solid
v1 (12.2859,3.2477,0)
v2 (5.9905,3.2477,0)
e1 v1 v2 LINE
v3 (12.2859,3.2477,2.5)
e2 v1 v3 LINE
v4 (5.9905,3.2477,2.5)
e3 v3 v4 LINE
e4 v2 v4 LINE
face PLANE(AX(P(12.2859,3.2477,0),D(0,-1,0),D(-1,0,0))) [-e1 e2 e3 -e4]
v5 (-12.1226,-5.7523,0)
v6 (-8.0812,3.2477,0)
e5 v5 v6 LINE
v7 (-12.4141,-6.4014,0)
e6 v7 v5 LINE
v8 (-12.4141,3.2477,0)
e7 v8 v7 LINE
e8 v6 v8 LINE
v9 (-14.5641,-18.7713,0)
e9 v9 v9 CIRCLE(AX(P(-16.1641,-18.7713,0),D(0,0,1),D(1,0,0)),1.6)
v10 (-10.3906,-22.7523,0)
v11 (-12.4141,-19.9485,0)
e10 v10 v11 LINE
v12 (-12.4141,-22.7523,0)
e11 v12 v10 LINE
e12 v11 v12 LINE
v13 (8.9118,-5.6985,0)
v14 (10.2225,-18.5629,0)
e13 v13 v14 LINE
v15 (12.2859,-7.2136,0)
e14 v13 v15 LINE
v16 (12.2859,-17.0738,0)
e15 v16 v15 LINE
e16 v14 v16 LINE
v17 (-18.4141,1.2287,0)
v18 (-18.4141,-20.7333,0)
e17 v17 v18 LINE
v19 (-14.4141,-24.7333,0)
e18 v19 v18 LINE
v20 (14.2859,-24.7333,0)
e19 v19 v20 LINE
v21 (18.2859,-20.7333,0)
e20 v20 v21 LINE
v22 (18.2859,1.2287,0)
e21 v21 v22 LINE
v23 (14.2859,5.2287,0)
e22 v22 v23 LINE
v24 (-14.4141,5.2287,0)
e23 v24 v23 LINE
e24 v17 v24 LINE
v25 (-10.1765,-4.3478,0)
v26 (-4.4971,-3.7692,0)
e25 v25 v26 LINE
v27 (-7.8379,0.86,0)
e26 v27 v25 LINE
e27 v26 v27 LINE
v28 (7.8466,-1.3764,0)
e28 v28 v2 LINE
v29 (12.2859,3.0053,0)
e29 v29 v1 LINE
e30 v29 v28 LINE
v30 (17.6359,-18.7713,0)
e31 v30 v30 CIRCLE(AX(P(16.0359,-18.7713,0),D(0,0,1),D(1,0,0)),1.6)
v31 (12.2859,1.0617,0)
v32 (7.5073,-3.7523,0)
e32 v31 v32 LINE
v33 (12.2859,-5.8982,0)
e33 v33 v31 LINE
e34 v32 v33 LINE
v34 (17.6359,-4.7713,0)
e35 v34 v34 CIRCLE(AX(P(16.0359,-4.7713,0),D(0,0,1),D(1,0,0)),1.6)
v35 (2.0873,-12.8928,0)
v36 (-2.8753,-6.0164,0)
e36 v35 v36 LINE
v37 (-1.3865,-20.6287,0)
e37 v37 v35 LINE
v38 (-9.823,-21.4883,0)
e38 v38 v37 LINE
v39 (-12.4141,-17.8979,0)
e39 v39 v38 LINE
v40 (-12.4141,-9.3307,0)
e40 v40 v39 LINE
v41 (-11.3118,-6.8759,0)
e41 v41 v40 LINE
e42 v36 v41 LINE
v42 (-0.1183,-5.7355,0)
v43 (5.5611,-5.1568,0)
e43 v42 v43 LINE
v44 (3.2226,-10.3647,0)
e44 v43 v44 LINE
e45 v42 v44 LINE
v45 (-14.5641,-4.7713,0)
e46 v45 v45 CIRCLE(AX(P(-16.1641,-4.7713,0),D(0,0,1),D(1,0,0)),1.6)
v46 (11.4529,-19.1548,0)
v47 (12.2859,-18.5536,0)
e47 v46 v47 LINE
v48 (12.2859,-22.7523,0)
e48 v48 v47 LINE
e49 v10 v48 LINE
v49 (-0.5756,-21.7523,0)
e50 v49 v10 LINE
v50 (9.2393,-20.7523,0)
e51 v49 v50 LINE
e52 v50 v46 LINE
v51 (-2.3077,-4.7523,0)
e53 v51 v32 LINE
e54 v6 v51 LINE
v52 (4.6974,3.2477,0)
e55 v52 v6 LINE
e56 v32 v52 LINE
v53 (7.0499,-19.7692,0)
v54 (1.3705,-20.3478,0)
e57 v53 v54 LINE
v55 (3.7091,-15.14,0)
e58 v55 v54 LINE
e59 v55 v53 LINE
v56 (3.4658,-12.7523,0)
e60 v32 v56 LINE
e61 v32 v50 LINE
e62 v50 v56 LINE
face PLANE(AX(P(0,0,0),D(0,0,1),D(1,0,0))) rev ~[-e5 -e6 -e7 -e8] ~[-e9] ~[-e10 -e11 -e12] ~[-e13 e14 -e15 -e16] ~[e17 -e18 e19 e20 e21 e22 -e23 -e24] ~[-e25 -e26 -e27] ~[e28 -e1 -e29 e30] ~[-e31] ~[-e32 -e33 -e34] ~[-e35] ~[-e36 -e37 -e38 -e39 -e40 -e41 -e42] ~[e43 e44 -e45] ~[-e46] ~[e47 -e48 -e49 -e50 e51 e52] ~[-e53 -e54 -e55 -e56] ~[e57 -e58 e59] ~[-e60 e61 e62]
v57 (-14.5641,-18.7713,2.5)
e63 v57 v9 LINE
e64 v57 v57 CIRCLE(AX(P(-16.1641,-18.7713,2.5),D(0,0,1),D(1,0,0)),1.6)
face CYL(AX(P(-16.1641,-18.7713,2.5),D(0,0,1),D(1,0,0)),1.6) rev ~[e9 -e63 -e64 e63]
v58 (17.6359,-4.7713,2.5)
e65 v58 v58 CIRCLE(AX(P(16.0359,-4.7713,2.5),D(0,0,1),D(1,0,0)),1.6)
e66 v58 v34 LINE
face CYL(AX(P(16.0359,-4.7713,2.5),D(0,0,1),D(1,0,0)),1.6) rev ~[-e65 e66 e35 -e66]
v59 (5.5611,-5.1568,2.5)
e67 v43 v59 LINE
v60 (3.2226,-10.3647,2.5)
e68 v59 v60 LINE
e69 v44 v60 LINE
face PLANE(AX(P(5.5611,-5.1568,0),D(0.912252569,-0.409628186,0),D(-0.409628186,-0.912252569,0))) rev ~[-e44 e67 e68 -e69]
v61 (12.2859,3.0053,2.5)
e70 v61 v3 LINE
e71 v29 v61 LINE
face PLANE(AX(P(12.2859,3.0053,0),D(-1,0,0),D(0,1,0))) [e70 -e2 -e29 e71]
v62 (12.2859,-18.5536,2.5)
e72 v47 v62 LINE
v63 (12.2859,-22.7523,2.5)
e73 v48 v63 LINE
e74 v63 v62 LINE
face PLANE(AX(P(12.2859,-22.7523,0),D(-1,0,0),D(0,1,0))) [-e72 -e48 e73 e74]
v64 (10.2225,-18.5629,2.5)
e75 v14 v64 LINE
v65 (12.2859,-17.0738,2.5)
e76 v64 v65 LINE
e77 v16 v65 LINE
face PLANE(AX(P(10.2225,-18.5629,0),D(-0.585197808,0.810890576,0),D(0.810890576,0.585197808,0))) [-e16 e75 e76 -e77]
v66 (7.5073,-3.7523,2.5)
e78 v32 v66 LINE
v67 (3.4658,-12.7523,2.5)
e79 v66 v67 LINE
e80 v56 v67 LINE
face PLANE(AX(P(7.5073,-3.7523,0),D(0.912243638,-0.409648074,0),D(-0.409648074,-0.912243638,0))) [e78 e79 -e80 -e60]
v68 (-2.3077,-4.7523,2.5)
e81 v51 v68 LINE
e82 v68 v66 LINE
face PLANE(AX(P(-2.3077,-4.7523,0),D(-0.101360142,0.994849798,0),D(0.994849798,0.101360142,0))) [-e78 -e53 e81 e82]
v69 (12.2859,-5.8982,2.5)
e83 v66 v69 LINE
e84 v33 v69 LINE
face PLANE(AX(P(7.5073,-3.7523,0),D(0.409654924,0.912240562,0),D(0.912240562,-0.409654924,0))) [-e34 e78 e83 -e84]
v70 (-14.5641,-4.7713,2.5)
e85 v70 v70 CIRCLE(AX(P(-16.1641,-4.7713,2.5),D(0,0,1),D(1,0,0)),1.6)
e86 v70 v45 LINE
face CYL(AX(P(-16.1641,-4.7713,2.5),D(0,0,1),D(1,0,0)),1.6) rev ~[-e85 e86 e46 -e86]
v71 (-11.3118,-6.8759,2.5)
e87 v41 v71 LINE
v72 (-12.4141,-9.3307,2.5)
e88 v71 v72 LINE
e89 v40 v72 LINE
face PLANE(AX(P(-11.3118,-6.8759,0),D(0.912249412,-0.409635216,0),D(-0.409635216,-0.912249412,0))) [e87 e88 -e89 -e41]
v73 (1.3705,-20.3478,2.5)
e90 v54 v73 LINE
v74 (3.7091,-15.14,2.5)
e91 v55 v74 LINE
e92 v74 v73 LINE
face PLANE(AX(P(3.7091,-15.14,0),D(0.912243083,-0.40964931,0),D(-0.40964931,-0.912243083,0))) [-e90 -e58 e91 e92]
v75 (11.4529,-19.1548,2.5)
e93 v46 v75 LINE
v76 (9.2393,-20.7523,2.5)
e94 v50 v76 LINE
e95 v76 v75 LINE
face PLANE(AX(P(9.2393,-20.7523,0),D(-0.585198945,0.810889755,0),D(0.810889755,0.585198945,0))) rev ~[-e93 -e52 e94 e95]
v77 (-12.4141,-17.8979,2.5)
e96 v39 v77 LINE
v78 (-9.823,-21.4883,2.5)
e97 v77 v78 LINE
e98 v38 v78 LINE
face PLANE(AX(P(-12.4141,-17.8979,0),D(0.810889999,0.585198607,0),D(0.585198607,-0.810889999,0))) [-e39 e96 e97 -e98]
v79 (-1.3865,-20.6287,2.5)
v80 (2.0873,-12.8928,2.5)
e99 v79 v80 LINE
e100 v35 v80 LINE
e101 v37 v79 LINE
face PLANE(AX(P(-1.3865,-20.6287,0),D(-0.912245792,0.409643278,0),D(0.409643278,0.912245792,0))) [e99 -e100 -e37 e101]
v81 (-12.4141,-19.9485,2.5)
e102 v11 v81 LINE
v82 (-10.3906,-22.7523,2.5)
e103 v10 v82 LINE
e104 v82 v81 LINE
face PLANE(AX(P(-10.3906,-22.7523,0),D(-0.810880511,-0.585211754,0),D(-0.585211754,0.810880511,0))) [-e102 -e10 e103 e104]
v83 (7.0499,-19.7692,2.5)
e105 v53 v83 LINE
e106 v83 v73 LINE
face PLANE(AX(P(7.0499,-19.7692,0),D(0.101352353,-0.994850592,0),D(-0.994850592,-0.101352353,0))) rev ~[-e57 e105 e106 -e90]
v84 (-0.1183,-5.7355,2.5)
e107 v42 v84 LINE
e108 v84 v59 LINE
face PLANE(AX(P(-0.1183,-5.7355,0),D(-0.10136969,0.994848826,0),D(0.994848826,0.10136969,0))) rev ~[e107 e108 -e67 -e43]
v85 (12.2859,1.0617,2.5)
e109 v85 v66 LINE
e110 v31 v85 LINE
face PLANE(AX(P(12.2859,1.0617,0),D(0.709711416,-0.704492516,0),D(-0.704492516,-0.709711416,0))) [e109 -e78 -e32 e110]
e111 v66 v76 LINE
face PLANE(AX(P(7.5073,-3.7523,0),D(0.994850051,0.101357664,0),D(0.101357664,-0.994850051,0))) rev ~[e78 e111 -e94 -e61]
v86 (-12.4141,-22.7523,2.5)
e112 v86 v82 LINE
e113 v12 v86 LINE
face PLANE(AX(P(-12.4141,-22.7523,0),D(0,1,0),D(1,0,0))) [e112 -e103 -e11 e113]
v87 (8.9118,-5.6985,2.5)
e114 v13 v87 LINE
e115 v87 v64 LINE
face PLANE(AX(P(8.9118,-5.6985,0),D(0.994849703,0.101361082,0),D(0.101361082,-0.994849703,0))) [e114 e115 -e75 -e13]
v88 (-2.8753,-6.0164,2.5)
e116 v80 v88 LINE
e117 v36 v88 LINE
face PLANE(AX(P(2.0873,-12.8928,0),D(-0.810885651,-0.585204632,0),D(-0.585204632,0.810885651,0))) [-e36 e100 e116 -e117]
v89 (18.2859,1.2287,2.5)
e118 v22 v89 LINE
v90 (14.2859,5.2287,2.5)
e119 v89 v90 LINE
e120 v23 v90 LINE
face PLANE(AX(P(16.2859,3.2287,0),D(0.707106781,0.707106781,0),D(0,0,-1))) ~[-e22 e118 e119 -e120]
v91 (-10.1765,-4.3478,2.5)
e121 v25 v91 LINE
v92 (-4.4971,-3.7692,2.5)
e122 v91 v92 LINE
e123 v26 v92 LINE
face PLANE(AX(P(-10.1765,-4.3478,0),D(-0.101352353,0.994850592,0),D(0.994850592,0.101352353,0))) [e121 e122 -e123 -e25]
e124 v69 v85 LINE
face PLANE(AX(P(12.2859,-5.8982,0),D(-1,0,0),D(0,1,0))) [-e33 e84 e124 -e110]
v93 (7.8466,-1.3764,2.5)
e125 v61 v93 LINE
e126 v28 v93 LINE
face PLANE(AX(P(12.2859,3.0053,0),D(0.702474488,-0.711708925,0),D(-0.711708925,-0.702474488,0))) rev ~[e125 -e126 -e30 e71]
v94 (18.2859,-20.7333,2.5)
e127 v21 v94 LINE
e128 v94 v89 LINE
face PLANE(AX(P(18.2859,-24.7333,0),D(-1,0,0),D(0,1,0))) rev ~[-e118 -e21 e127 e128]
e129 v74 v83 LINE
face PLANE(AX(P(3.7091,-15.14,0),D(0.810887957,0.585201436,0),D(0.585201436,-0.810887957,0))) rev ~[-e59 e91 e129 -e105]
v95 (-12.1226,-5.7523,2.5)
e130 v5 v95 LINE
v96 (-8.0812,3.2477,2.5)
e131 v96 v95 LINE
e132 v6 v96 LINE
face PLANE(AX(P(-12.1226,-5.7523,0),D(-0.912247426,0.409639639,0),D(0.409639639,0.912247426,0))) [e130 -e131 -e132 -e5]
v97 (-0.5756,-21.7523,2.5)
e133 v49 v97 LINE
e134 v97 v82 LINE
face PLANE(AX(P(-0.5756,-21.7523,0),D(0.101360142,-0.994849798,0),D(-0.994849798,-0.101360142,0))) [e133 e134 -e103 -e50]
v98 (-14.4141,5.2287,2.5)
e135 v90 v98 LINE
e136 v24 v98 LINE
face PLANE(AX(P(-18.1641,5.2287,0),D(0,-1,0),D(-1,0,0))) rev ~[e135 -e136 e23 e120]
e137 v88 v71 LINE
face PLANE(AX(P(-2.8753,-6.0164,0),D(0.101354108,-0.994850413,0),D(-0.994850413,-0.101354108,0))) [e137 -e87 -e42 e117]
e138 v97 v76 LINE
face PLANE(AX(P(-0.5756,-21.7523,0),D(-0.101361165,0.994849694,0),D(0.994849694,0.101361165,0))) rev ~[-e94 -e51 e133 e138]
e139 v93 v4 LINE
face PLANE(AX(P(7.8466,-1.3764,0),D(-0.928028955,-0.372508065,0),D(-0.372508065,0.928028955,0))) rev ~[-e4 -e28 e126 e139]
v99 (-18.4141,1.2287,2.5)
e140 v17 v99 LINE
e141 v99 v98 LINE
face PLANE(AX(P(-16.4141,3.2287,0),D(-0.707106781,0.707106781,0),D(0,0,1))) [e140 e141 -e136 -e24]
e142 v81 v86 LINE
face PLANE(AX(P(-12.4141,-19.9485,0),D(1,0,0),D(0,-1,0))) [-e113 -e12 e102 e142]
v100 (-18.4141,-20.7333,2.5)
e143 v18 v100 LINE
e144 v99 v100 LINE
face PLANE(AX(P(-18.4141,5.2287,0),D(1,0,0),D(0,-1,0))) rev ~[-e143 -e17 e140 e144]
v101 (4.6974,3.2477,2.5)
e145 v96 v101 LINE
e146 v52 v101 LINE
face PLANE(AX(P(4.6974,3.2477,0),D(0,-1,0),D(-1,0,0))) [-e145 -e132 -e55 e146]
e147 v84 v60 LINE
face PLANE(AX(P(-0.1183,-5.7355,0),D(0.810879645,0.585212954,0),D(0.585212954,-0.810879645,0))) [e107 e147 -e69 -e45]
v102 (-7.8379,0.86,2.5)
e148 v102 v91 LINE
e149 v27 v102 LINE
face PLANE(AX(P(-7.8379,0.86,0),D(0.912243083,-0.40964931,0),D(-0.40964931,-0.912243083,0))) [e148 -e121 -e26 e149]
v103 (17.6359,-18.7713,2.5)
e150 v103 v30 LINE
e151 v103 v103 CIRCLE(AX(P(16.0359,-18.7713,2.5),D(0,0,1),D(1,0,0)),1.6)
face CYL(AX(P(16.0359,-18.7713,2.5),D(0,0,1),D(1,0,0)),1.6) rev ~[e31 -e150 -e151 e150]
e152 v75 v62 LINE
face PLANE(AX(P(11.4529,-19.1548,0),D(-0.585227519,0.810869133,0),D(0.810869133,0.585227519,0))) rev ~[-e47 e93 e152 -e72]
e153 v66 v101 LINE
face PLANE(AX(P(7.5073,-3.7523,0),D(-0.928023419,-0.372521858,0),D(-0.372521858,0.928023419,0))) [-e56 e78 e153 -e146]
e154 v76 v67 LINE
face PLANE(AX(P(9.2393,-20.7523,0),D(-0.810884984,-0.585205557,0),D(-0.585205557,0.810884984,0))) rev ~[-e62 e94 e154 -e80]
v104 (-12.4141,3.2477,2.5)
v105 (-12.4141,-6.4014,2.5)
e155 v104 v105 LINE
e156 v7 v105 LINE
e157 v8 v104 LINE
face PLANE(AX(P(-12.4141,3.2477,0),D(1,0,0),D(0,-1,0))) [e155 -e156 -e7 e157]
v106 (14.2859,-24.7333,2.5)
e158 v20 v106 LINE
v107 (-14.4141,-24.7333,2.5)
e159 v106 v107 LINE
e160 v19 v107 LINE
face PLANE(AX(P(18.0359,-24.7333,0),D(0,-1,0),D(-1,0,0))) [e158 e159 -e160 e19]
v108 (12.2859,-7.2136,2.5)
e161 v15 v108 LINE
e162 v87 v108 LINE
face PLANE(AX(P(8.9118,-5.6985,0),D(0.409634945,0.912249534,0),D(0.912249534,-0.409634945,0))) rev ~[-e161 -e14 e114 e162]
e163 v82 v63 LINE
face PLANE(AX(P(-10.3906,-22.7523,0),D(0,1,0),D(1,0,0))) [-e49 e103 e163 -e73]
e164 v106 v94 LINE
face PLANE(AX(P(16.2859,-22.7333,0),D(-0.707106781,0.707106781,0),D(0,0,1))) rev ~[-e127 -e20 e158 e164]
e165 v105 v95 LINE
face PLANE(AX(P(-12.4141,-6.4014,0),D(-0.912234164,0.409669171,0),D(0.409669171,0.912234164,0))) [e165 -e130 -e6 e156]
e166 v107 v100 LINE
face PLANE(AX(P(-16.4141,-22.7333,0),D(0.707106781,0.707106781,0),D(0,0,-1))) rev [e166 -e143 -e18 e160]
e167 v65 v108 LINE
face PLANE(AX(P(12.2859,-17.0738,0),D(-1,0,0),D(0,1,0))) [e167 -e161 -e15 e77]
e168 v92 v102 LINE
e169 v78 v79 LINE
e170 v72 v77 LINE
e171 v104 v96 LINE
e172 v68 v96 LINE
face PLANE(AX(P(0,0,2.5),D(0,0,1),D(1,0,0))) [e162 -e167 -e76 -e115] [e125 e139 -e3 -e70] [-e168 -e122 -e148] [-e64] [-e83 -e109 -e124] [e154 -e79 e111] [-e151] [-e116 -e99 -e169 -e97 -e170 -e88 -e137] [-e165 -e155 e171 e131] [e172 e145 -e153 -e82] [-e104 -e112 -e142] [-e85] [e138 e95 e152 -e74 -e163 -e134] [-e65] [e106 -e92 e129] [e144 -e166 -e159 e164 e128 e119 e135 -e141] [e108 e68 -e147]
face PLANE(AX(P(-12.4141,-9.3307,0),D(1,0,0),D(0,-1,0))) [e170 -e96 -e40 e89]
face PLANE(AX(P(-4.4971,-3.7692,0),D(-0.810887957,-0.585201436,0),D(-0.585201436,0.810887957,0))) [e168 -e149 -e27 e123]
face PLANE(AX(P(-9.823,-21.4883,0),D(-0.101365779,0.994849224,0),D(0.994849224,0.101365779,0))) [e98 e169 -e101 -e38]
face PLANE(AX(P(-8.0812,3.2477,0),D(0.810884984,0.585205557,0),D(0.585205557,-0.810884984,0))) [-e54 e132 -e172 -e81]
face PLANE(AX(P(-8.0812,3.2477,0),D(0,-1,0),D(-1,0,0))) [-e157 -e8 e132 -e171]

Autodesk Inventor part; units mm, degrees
ref_plane "YZ Plane" through (0, 0, 0) normal (1, 0, 0) x (0, 1, 0)
ref_plane "XZ Plane" through (0, 0, 0) normal (0, 1, 0) x (-1, 0, 0)
ref_plane "XY Plane" through (0, 0, 0) normal (0, 0, 1) x (1, 0, 0)
sketch "Эскиз1" plane through (0, 0, 0) normal (0, 0, 1) x (1, 0, 0)
  line L0 (18.0359, -24.7333) -> (-18.1641, -24.7333)
  line L1 (-10.3906, -22.7523) -> (-12.4141, -19.9485)
  line L2 (-12.4141, -6.4014) -> (-12.1226, -5.7523)
  line L3 (-12.1226, -5.7523) -> (-2.3077, -4.7523)
  line L4 (-2.3077, -4.7523) -> (3.4658, -12.7523)
  line L5 (3.4658, -12.7523) -> (-0.5756, -21.7523)
  line L6 (-0.5756, -21.7523) -> (-10.3906, -22.7523)
  line L7 (-1.3865, -20.6287) -> (2.0873, -12.8928)
  line L8 (2.0873, -12.8928) -> (-2.8753, -6.0164)
  line L9 (-2.8753, -6.0164) -> (-11.3118, -6.8759)
  line L10 (-11.3118, -6.8759) -> (-12.4141, -9.3307)
  line L11 (-12.4141, -17.8979) -> (-9.823, -21.4883)
  line L12 (-9.823, -21.4883) -> (-1.3865, -20.6287)
  line L13 (-0.5756, -21.7523) -> (9.2393, -20.7523)
  line L14 (9.2393, -20.7523) -> (3.4658, -12.7523)
  line L15 (7.0499, -19.7692) -> (1.3705, -20.3478)
  line L16 (3.7091, -15.14) -> (1.3705, -20.3478)
  line L17 (3.7091, -15.14) -> (7.0499, -19.7692)
  line L18 (-12.1226, -5.7523) -> (-8.0812, 3.2477)
  line L19 (-8.0812, 3.2477) -> (-2.3077, -4.7523)
  line L20 (-2.3077, -4.7523) -> (-12.1226, -5.7523)
  line L21 (-10.1765, -4.3478) -> (-4.4971, -3.7692)
  line L22 (-4.4971, -3.7692) -> (-7.8379, 0.86)
  line L23 (-7.8379, 0.86) -> (-10.1765, -4.3478)
  line L24 (3.4658, -12.7523) -> (-2.3077, -4.7523)
  line L25 (-2.3077, -4.7523) -> (7.5073, -3.7523)
  line L26 (7.5073, -3.7523) -> (3.4658, -12.7523)
  line L27 (-0.1183, -5.7355) -> (5.5611, -5.1568)
  line L28 (5.5611, -5.1568) -> (3.2226, -10.3647)
  line L29 (-0.1183, -5.7355) -> (3.2226, -10.3647)
  line L30 (7.5073, -3.7523) -> (4.6974, 3.2477)
  line L31 (12.2859, 1.0617) -> (7.5073, -3.7523)
  line L32 (12.2859, 3.0053) -> (7.8466, -1.3764)
  line L33 (7.8466, -1.3764) -> (5.9905, 3.2477)
  line L34 (7.5073, -3.7523) -> (9.2393, -20.7523)
  line L35 (9.2393, -20.7523) -> (11.4529, -19.1548)
  line L36 (7.5073, -3.7523) -> (12.2859, -5.8982)
  line L37 (8.9118, -5.6985) -> (12.2859, -7.2136)
  line L38 (10.2225, -18.5629) -> (12.2859, -17.0738)
  line L39 (8.9118, -5.6985) -> (10.2225, -18.5629)
  line L40 (-5.1674, 3.2477) -> (-5.2923, 2.7696)
  line L41 (-5.2923, 2.7696) -> (-7.3317, 2.2091)
  line L42 (-9.7892, 3.2477) -> (-8.6058, 2.0793)
  line L43 (-18.1641, -24.7333) -> (18.2859, -24.7333)
  line L44 (18.0359, 5.2287) -> (-18.1641, 5.2287)
  line L45 (-18.1641, -24.7333) -> (18.0359, 5.2287) construction
  line L46 (18.2859, 5.2287) -> (-18.4141, 5.2287)
  line L47 (-18.4141, 5.2287) -> (-18.4141, -24.7333)
  line L48 (-18.4141, -24.7333) -> (18.2859, -24.7333)
  line L49 (18.2859, -24.7333) -> (18.2859, 5.2287)
  line L50 (18.2859, 5.2287) -> (-18.4141, -24.7333) construction
  line L51 (-18.4141, 5.2287) -> (18.2859, -24.7333) construction
  line L52 (14.0359, 3.2477) -> (-14.1641, -22.7523) construction
  line L53 (-14.1641, 3.2477) -> (14.0359, -22.7523) construction
  line L54 (12.2859, 3.2477) -> (-12.4141, 3.2477)
  line L55 (-12.4141, 3.2477) -> (-12.4141, -22.7523)
  line L56 (-12.4141, -22.7523) -> (12.2859, -22.7523)
  line L57 (12.2859, -22.7523) -> (12.2859, 3.2477)
  line L58 (12.2859, 3.2477) -> (-12.4141, -22.7523) construction
  line L59 (-12.4141, 3.2477) -> (12.2859, -22.7523) construction
  line L60 (11.4529, -19.1548) -> (12.2859, -18.5536)
  point P0 (0, 0)
  point P1 (-6.3491, -13.7523)
  point P2 (-7.5038, -2.419)
  point P3 (2.8885, -7.0857)
  point P4 (-0.0641, -9.7523)
  point P5 (18.0359, 5.2287)
  dimension "d22" = 1.2
  dimension "d25" = 9
  dimension "d26" = 60
  dimension "d27" = 60
  dimension "d31" = 1.2
  dimension "d32" = 1.2
  dimension "d33" = 1.2
  dimension "d39" = 1.2
  dimension "d40" = 1.2
  dimension "d41" = 1.2
  dimension "d44" = 1.2
  dimension "d45" = 1.2
  dimension "d46" = 1.2
  dimension "d75" = 60
  dimension "d76" = 60
  dimension "d77" = 1.2
  dimension "d79" = 1.2
  dimension "d81" = 1.2
  dimension "d84" = 1.2
  dimension "d137" = 24.7
  dimension "d138" = 6
  dimension "d139" = 29.962
extrude "Выдавливание1" add sketch "Эскиз1" along normal blind 2.5 contours L0 L48 L47 L46 L44 L49 L43 | L1 L55 L11 L12 L7 L8 L9 L10 L2 L3 L4 L5 L6 | L5 L14 L13 | L4 L25 L26 | L34 L36 L57 L37 L39 L38 L60 L35 | L3 L18 L19 | L30 L54 L33 L32 L57 L31
sketch "Эскиз2" plane through (0, 0, 2.5) normal (0, 0, 1) x (1, 0, 0)
  circle A0 centre (-16.1641, -4.7713) radius 1.6
  line L0 (-14.1641, -6.4014) -> (-14.1641, 3.2477) projected
  line L1 (18.2859, 5.2287) -> (-18.4141, 5.2287) projected
  circle A1 centre (-16.1641, -18.7713) radius 1.6
  line L2 (-0.0641, 5.2287) -> (-0.0641, -30.3358) construction
  circle A2 centre (16.0359, -4.7713) radius 1.6
  circle A3 centre (16.0359, -18.7713) radius 1.6
  point P0 (0, 0)
  point P1 (-12.4141, -6.4014)
  point P2 (-14.1641, 3.2477)
  dimension "d124" = 3.2
  dimension "d125" = 2
  dimension "d126" = 10
  dimension "d127" = 3.2
  dimension "d128" = 14
extrude "Выдавливание2" cut sketch "Эскиз2" against normal blind 2.5
chamfer "Фаска1" distance 4 angle 45 4 edges at (-18.4141, 5.2287, 1.25) (18.2859, 5.2287, 1.25) (-18.4141, -24.7333, 1.25) (18.2859, -24.7333, 1.25)
sketch "Эскиз3" plane through (0, 0, 2.5) normal (0, 0, 1) x (1, 0, 0)
  point P0 (0, 0)
properties part number "1министена"
